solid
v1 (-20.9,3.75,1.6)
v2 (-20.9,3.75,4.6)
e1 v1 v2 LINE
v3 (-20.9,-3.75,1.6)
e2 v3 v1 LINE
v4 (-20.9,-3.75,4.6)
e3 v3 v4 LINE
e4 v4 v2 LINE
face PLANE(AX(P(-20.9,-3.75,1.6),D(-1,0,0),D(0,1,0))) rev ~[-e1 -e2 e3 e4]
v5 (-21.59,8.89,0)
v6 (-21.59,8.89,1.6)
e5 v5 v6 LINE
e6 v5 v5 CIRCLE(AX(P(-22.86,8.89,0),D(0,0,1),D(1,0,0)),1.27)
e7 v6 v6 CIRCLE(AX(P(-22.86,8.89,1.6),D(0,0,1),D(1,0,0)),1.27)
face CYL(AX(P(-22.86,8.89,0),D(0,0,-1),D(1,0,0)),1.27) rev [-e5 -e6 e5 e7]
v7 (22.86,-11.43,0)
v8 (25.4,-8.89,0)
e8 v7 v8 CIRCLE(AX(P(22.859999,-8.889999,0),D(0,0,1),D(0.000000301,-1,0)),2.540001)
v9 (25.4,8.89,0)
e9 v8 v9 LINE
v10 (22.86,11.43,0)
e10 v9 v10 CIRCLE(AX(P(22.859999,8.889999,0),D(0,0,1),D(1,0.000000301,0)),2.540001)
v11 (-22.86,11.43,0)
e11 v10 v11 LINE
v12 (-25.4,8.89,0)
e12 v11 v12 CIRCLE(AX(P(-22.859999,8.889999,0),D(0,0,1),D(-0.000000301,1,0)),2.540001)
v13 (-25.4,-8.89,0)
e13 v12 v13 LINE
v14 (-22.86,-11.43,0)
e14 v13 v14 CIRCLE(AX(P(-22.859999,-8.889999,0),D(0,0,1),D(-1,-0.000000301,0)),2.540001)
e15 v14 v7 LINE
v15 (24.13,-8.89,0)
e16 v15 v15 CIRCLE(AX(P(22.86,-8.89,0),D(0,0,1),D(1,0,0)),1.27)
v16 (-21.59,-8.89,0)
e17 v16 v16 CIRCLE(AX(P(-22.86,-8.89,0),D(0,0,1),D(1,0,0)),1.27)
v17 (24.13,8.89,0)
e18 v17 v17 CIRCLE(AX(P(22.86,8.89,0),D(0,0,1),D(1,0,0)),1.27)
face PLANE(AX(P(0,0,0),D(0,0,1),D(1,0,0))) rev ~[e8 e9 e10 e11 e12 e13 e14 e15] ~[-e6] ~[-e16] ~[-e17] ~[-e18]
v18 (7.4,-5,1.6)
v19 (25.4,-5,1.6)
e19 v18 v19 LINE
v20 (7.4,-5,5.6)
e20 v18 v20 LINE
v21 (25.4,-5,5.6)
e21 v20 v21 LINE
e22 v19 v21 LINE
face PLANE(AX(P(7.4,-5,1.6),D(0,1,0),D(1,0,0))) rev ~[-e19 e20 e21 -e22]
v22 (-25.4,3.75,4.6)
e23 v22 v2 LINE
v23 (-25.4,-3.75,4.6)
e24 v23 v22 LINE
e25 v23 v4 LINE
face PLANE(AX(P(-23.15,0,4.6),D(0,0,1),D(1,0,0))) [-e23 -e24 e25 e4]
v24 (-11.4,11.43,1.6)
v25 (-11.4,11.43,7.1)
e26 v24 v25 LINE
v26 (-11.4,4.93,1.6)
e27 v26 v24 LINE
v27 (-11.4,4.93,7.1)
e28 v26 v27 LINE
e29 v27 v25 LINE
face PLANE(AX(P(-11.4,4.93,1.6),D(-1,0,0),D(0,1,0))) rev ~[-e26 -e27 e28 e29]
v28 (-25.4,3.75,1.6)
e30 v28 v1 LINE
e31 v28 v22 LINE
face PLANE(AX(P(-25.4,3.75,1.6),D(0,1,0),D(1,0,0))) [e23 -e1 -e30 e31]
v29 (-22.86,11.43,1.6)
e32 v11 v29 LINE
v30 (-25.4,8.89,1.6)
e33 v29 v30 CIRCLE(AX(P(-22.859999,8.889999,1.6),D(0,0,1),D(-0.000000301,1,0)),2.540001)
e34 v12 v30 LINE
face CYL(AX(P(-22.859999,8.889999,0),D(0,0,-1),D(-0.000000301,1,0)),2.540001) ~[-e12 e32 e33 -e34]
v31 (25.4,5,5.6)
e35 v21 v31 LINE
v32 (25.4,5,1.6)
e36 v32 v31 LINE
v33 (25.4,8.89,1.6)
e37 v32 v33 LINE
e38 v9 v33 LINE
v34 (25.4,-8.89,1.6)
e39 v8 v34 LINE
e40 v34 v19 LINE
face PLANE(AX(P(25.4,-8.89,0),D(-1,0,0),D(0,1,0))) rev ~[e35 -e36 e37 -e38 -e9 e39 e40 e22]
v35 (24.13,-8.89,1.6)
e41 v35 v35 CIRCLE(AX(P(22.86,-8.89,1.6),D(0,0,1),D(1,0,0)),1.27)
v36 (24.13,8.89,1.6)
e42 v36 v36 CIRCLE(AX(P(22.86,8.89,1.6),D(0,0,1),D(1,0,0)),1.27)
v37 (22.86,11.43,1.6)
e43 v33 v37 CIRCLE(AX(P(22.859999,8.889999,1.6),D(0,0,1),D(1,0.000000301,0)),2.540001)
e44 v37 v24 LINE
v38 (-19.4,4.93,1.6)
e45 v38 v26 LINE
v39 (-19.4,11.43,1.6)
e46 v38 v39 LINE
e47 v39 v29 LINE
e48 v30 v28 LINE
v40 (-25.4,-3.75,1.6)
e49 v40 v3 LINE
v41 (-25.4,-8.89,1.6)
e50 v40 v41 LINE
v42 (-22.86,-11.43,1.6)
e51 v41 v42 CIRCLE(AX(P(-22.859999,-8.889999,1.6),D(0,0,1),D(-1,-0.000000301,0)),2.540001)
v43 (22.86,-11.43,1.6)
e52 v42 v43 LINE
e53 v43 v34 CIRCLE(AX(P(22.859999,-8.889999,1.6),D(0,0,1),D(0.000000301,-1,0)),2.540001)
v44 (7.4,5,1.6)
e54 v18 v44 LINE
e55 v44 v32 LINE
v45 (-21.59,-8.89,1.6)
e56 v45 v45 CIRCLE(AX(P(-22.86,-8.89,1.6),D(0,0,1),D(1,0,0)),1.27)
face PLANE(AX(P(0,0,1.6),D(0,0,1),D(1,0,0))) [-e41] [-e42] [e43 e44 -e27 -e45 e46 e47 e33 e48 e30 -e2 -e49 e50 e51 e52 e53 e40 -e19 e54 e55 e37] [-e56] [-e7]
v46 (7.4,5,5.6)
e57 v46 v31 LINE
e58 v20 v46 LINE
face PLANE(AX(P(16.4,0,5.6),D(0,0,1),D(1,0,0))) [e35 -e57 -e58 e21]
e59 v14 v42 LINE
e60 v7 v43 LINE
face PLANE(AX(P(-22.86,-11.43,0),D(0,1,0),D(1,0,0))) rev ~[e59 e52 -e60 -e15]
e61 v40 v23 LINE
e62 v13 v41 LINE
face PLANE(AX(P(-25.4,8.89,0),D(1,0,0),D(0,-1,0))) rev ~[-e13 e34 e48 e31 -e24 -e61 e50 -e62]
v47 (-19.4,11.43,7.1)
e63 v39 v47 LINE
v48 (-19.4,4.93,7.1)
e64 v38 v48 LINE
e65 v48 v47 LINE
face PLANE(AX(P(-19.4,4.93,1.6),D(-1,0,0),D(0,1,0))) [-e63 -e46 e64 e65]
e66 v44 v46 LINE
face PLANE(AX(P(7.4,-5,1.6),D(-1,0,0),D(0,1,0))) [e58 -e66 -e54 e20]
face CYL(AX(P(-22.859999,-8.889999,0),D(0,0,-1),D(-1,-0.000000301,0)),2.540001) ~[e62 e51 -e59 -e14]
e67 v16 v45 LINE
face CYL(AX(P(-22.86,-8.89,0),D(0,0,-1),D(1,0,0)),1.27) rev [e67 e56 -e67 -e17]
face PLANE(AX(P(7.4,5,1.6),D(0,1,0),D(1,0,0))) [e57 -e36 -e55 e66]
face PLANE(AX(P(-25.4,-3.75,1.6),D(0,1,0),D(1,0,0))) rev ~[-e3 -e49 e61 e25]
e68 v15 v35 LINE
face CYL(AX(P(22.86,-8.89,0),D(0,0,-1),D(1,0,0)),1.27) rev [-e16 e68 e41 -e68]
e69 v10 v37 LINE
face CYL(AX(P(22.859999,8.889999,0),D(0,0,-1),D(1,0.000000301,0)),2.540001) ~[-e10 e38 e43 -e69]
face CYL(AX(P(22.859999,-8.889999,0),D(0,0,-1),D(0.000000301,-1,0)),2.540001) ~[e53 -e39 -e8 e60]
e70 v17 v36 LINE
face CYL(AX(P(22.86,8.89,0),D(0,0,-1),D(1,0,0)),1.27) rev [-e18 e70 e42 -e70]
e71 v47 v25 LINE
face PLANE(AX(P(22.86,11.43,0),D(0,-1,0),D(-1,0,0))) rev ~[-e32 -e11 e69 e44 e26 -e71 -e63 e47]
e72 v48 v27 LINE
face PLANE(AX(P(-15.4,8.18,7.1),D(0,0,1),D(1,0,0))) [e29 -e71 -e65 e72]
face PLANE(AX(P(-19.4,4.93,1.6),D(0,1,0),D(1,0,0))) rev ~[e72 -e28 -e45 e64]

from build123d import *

# Parameters (mm, degrees)
F0_R     = 1.27
F1_DEPTH = 1.6
F2_W     = 4.5
F2_H     = 7.5
F3_DEPTH = 3
F4_W     = 18
F4_H     = 10
F5_DEPTH = 4
F6_W     = 8
F6_H     = 6.5
F7_DEPTH = 5.5


with BuildPart() as f1:
    # F0 (on Top) → F1 (new body)
    with BuildSketch(Plane.XY):
        with BuildLine():
            ThreePointArc((25.4, 8.89), (24.656051, 10.686051), (22.86, 11.43))
            Line((22.86, 11.43), (-22.86, 11.43))
            ThreePointArc((-22.86, 11.43), (-24.656051, 10.686051), (-25.4, 8.89))
            Line((-25.4, 8.89), (-25.4, -8.89))
            ThreePointArc((-25.4, -8.89), (-24.656051, -10.686051), (-22.86, -11.43))
            Line((-22.86, -11.43), (22.86, -11.43))
            ThreePointArc((22.86, -11.43), (24.656051, -10.686051), (25.4, -8.89))
            Line((25.4, -8.89), (25.4, 8.89))
        make_face()
        with Locations((-22.86, -8.89)):
            Circle(F0_R, mode=Mode.SUBTRACT)
        with Locations((22.86, -8.89)):
            Circle(F0_R, mode=Mode.SUBTRACT)
        with Locations((-22.86, 8.89)):
            Circle(F0_R, mode=Mode.SUBTRACT)
        with Locations((22.86, 8.89)):
            Circle(F0_R, mode=Mode.SUBTRACT)
    extrude(amount=F1_DEPTH)

    # F2 (on face) → F3 (join)
    with BuildSketch(Plane.XY.offset(1.6)):
        with Locations((-23.15, 0)):
            Rectangle(F2_W, F2_H)
    extrude(amount=F3_DEPTH)

    # F4 (on face) → F5 (join)
    with BuildSketch(Plane.XY.offset(1.6)):
        with Locations((16.4, 0)):
            Rectangle(F4_W, F4_H)
    extrude(amount=F5_DEPTH)

    # F6 (on face) → F7 (join)
    with BuildSketch(Plane.XY.offset(1.6)):
        with Locations((-15.4, 8.18)):
            Rectangle(F6_W, F6_H)
    extrude(amount=F7_DEPTH)


solid = f1.part
